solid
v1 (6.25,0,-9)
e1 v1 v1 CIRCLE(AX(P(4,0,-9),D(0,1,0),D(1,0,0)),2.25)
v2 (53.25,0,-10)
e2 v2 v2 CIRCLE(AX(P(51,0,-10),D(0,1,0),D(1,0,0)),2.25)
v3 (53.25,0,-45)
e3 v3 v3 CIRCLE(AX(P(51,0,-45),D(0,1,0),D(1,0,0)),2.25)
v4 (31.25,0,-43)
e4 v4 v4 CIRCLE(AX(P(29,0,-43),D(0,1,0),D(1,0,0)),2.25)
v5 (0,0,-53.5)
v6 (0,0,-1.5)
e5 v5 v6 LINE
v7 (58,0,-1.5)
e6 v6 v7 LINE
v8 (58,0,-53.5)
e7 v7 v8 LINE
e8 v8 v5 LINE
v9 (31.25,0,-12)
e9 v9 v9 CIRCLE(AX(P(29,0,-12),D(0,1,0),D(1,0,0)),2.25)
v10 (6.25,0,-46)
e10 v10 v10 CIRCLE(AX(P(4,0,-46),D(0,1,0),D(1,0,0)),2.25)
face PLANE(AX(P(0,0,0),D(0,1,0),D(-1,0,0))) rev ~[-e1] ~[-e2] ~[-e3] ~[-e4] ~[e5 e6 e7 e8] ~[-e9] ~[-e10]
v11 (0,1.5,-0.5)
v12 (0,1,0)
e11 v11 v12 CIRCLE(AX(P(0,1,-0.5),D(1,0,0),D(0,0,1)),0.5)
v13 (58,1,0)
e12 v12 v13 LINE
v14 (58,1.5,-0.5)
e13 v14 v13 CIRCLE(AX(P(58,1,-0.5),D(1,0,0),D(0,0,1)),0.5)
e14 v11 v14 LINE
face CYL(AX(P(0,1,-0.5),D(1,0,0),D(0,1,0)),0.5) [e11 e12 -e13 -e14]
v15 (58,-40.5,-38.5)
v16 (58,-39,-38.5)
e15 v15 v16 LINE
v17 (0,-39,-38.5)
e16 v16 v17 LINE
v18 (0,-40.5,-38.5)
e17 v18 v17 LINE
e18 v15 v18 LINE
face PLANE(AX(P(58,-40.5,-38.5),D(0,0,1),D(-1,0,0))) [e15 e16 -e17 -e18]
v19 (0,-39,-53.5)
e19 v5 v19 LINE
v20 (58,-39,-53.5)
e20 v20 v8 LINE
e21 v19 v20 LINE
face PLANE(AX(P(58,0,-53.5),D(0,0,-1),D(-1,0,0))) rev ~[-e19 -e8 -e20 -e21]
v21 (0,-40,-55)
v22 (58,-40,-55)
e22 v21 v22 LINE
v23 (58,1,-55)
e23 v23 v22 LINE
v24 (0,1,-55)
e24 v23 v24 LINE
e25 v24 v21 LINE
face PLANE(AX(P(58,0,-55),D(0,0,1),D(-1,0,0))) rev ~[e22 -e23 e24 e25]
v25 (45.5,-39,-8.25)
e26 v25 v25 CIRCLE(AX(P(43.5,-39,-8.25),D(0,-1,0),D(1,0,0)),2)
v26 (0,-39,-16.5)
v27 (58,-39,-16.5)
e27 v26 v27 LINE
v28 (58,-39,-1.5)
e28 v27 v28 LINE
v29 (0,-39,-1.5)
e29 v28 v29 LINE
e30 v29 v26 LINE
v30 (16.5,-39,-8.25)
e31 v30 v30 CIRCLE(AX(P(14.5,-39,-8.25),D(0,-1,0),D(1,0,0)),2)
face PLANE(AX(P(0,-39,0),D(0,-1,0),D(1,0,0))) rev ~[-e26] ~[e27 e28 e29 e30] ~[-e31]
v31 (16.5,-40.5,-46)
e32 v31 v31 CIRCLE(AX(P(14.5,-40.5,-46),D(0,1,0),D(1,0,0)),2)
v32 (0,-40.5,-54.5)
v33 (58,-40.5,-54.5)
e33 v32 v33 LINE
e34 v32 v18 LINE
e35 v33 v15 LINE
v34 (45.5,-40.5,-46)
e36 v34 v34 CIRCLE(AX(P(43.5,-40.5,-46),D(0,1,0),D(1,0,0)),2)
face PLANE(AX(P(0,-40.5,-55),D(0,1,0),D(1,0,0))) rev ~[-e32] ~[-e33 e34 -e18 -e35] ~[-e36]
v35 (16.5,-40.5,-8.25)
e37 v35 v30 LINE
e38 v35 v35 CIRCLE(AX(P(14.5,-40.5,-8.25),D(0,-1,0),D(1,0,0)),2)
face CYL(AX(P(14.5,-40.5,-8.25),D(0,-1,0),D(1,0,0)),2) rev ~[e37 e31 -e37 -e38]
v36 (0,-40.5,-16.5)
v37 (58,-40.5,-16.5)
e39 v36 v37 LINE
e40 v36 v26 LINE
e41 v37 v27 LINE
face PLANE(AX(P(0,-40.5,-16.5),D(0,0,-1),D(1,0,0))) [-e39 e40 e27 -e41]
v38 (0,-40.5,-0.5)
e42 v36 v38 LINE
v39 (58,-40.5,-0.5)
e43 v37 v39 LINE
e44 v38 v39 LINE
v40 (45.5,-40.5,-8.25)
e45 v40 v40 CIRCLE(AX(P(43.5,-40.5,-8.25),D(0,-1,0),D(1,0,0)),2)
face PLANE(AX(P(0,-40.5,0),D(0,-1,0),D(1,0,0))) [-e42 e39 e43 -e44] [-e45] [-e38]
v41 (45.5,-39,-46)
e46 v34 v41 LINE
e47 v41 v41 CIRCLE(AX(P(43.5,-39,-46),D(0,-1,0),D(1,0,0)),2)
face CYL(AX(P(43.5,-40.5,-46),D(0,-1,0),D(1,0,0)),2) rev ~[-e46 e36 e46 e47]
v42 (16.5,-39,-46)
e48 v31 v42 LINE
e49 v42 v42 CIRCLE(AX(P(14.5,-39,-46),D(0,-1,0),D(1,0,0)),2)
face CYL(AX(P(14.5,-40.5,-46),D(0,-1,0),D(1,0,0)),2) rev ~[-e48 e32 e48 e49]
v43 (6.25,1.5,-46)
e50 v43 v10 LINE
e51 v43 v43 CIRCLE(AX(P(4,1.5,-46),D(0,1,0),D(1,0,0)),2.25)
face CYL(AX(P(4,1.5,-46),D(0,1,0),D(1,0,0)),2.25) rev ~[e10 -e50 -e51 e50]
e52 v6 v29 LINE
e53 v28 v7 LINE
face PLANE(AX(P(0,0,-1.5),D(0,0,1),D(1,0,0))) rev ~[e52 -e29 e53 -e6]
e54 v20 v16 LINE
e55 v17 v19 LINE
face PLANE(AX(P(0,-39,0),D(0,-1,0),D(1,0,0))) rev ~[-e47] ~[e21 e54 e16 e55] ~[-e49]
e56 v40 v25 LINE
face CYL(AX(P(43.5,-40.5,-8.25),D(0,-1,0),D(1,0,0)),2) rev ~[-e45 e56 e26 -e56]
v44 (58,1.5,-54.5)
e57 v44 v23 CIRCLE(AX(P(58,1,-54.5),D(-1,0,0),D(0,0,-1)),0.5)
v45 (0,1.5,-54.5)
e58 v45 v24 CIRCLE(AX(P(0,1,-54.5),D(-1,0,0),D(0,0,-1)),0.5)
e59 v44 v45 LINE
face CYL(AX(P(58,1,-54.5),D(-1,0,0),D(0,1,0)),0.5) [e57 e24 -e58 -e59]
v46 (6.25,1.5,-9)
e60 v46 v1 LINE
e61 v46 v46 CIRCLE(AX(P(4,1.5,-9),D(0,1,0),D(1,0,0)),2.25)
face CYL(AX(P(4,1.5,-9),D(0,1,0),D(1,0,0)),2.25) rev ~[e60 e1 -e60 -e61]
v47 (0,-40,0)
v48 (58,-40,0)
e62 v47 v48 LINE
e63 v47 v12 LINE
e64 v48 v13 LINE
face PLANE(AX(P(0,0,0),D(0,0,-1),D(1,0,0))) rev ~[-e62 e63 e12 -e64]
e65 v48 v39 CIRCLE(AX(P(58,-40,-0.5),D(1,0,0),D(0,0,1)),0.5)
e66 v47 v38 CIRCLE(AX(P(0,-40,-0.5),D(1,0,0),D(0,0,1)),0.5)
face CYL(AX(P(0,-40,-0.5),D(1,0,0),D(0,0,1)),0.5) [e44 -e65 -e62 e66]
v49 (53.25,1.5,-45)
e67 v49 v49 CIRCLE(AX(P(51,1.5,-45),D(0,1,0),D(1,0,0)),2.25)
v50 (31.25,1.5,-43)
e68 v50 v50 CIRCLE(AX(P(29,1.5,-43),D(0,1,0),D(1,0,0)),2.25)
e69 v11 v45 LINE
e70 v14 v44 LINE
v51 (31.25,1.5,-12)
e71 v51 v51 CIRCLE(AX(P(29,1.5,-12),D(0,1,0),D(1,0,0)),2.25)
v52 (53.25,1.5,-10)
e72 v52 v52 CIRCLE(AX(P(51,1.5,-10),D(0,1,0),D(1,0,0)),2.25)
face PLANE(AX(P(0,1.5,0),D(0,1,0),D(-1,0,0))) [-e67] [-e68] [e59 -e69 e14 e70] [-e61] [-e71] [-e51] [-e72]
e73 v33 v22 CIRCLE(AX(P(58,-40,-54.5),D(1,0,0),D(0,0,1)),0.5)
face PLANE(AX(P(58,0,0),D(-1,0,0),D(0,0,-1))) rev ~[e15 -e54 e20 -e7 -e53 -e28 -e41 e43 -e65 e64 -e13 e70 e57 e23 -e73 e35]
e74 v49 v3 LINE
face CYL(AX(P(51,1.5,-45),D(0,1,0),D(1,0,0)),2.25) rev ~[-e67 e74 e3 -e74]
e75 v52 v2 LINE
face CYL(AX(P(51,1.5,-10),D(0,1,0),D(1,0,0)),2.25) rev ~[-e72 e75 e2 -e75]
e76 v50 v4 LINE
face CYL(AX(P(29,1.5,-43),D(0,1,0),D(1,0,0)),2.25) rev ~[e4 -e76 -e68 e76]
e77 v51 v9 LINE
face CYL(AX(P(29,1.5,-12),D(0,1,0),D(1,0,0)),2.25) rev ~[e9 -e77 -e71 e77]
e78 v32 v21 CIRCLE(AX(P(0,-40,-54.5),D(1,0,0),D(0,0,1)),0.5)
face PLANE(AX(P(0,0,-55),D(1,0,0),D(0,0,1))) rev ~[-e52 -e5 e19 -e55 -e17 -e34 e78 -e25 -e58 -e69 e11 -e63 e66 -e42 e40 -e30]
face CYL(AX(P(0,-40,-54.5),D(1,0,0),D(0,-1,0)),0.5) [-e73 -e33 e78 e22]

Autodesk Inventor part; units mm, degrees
ref_plane "YZ Plane" through (0, 0, 0) normal (1, 0, 0) x (0, 1, 0)
ref_plane "XZ Plane" through (0, 0, 0) normal (0, 1, 0) x (-1, 0, 0)
ref_plane "XY Plane" through (0, 0, 0) normal (0, 0, 1) x (1, 0, 0)
sketch "Boceto1" plane through (0, 0, 0) normal (0, 1, 0) x (-1, 0, 0)
  line L0 (0, 0) -> (-58, 0)
  line L1 (-58, 0) -> (-58, -55)
  line L2 (-58, -55) -> (0, -55)
  line L3 (0, -55) -> (0, 0)
  line L4 (0, -55) -> (-58, -55)
  dimension "d0" = 58
  dimension "d1" = 55
extrude "Extrusión1" add sketch "Boceto1" along normal blind 1.5
sketch "Boceto3" plane through (0, 0, 0) normal (0, 0, 1) x (1, 0, 0)
  line L0 (0, 1.5) -> (58, 1.5) projected
  line L1 (58, 1.5) -> (0, 1.5)
  line L2 (0, 1.5) -> (0, -40.5)
  line L3 (0, -40.5) -> (58, -40.5)
  line L4 (58, -40.5) -> (58, 1.5)
  point P0 (0, 0)
  dimension "d8" = 58
  dimension "d9" = 42
sketch "Boceto4" plane through (58, 0, -55) normal (0, 0, -1) x (-1, 0, 0)
  line L0 (58, 1.5) -> (0, 1.5) projected
  line L1 (0, 1.5) -> (58, 1.5)
  line L2 (58, 1.5) -> (58, -40.5)
  line L3 (58, -40.5) -> (0, -40.5)
  line L4 (0, -40.5) -> (0, 1.5)
  point P0 (58, 0)
  dimension "d10" = 42
extrude "Extrusión2" add sketch "Boceto4" against normal blind 1.5
extrude "Extrusión3" add sketch "Boceto3" against normal blind 1.5
sketch "Boceto6" plane through (0, -40.5, 0) normal (0, -1, 0) x (1, 0, 0)
  line L0 (58, 0) -> (58, -1.5) projected
  line L1 (58, -1.5) -> (0, -1.5)
  line L2 (58, -1.5) -> (0, -1.5)
  line L3 (0, -1.5) -> (0, -16.5)
  line L4 (0, -16.5) -> (58, -16.5)
  line L5 (58, -16.5) -> (58, -1.5)
  line L6 (58, -55) -> (0, -55)
  line L7 (58, -40) -> (58, -55)
  line L8 (0, -53.5) -> (58, -53.5)
  line L9 (58, -53.5) -> (58, -38.5)
  line L10 (58, -38.5) -> (0, -38.5)
  line L11 (0, -38.5) -> (0, -53.5)
  point P0 (0, 0)
  dimension "d17" = 15
  dimension "d50" = 15
  dimension "d51" = 58
  dimension "d61" = 58
  dimension "d62" = 15
extrude "Extrusión4" add sketch "Boceto6" against normal blind 1.5
sketch "Boceto7" plane through (0, -40.5, 0) normal (0, -1, 0) x (1, 0, 0)
  line L0 (58, 0) -> (58, -16.5) projected
  line L1 (0, 0) -> (0, -16.5) projected
  line L2 (58, -55) -> (58, -38.5) projected
  circle A0 centre (43.5, -8.25) radius 2
  circle A1 centre (14.5, -8.25) radius 2
  line L3 (0, -53.5) -> (0, -38.5) projected
  line L4 (0, -46) -> (58, -46)
  line L5 (58, -38.5) -> (58, -53.5) projected
  circle A2 centre (43.5, -46) radius 2
  circle A3 centre (14.5, -46) radius 2
  point P0 (58, -40)
  dimension "d23" = 4
  dimension "d25" = 4
  dimension "d63" = 4
  dimension "d64" = 4
extrude "Extrusión5" cut sketch "Boceto7" against normal blind 1.5
sketch "Boceto8" plane through (0, 1.5, 0) normal (0, 1, 0) x (1, 0, 0)
  line L0 (58, 0) -> (58, 55) projected
  line L1 (58, 1.5) -> (58, 53.5) projected
  line L2 (58, 45) -> (51, 45)
  circle A0 centre (51, 45) radius 2.25
  circle A1 centre (51, 10) radius 2.25
  circle A2 centre (4, 9) radius 2.25
  circle A3 centre (4, 46) radius 2.25
  circle A4 centre (29, 12) radius 2.25
  circle A5 centre (29, 43) radius 2.25
  point P0 (0, 0)
  point P1 (0, 55)
  dimension "d32" = 7
  dimension "d33" = 4.5
  dimension "d34" = 4.5
  dimension "d39" = 4.5
  dimension "d40" = 4.5
  dimension "d45" = 4.5
  dimension "d47" = 4.5
extrude "Extrusión7" cut sketch "Boceto8" against normal blind 1.5
fillet "Empalme1" radius 0.5 4 edges at (29, 1.5, -55) (29, -40.5, -55) (29, -40.5, 0) (29, 1.5, 0)
properties part number "suport motor"
